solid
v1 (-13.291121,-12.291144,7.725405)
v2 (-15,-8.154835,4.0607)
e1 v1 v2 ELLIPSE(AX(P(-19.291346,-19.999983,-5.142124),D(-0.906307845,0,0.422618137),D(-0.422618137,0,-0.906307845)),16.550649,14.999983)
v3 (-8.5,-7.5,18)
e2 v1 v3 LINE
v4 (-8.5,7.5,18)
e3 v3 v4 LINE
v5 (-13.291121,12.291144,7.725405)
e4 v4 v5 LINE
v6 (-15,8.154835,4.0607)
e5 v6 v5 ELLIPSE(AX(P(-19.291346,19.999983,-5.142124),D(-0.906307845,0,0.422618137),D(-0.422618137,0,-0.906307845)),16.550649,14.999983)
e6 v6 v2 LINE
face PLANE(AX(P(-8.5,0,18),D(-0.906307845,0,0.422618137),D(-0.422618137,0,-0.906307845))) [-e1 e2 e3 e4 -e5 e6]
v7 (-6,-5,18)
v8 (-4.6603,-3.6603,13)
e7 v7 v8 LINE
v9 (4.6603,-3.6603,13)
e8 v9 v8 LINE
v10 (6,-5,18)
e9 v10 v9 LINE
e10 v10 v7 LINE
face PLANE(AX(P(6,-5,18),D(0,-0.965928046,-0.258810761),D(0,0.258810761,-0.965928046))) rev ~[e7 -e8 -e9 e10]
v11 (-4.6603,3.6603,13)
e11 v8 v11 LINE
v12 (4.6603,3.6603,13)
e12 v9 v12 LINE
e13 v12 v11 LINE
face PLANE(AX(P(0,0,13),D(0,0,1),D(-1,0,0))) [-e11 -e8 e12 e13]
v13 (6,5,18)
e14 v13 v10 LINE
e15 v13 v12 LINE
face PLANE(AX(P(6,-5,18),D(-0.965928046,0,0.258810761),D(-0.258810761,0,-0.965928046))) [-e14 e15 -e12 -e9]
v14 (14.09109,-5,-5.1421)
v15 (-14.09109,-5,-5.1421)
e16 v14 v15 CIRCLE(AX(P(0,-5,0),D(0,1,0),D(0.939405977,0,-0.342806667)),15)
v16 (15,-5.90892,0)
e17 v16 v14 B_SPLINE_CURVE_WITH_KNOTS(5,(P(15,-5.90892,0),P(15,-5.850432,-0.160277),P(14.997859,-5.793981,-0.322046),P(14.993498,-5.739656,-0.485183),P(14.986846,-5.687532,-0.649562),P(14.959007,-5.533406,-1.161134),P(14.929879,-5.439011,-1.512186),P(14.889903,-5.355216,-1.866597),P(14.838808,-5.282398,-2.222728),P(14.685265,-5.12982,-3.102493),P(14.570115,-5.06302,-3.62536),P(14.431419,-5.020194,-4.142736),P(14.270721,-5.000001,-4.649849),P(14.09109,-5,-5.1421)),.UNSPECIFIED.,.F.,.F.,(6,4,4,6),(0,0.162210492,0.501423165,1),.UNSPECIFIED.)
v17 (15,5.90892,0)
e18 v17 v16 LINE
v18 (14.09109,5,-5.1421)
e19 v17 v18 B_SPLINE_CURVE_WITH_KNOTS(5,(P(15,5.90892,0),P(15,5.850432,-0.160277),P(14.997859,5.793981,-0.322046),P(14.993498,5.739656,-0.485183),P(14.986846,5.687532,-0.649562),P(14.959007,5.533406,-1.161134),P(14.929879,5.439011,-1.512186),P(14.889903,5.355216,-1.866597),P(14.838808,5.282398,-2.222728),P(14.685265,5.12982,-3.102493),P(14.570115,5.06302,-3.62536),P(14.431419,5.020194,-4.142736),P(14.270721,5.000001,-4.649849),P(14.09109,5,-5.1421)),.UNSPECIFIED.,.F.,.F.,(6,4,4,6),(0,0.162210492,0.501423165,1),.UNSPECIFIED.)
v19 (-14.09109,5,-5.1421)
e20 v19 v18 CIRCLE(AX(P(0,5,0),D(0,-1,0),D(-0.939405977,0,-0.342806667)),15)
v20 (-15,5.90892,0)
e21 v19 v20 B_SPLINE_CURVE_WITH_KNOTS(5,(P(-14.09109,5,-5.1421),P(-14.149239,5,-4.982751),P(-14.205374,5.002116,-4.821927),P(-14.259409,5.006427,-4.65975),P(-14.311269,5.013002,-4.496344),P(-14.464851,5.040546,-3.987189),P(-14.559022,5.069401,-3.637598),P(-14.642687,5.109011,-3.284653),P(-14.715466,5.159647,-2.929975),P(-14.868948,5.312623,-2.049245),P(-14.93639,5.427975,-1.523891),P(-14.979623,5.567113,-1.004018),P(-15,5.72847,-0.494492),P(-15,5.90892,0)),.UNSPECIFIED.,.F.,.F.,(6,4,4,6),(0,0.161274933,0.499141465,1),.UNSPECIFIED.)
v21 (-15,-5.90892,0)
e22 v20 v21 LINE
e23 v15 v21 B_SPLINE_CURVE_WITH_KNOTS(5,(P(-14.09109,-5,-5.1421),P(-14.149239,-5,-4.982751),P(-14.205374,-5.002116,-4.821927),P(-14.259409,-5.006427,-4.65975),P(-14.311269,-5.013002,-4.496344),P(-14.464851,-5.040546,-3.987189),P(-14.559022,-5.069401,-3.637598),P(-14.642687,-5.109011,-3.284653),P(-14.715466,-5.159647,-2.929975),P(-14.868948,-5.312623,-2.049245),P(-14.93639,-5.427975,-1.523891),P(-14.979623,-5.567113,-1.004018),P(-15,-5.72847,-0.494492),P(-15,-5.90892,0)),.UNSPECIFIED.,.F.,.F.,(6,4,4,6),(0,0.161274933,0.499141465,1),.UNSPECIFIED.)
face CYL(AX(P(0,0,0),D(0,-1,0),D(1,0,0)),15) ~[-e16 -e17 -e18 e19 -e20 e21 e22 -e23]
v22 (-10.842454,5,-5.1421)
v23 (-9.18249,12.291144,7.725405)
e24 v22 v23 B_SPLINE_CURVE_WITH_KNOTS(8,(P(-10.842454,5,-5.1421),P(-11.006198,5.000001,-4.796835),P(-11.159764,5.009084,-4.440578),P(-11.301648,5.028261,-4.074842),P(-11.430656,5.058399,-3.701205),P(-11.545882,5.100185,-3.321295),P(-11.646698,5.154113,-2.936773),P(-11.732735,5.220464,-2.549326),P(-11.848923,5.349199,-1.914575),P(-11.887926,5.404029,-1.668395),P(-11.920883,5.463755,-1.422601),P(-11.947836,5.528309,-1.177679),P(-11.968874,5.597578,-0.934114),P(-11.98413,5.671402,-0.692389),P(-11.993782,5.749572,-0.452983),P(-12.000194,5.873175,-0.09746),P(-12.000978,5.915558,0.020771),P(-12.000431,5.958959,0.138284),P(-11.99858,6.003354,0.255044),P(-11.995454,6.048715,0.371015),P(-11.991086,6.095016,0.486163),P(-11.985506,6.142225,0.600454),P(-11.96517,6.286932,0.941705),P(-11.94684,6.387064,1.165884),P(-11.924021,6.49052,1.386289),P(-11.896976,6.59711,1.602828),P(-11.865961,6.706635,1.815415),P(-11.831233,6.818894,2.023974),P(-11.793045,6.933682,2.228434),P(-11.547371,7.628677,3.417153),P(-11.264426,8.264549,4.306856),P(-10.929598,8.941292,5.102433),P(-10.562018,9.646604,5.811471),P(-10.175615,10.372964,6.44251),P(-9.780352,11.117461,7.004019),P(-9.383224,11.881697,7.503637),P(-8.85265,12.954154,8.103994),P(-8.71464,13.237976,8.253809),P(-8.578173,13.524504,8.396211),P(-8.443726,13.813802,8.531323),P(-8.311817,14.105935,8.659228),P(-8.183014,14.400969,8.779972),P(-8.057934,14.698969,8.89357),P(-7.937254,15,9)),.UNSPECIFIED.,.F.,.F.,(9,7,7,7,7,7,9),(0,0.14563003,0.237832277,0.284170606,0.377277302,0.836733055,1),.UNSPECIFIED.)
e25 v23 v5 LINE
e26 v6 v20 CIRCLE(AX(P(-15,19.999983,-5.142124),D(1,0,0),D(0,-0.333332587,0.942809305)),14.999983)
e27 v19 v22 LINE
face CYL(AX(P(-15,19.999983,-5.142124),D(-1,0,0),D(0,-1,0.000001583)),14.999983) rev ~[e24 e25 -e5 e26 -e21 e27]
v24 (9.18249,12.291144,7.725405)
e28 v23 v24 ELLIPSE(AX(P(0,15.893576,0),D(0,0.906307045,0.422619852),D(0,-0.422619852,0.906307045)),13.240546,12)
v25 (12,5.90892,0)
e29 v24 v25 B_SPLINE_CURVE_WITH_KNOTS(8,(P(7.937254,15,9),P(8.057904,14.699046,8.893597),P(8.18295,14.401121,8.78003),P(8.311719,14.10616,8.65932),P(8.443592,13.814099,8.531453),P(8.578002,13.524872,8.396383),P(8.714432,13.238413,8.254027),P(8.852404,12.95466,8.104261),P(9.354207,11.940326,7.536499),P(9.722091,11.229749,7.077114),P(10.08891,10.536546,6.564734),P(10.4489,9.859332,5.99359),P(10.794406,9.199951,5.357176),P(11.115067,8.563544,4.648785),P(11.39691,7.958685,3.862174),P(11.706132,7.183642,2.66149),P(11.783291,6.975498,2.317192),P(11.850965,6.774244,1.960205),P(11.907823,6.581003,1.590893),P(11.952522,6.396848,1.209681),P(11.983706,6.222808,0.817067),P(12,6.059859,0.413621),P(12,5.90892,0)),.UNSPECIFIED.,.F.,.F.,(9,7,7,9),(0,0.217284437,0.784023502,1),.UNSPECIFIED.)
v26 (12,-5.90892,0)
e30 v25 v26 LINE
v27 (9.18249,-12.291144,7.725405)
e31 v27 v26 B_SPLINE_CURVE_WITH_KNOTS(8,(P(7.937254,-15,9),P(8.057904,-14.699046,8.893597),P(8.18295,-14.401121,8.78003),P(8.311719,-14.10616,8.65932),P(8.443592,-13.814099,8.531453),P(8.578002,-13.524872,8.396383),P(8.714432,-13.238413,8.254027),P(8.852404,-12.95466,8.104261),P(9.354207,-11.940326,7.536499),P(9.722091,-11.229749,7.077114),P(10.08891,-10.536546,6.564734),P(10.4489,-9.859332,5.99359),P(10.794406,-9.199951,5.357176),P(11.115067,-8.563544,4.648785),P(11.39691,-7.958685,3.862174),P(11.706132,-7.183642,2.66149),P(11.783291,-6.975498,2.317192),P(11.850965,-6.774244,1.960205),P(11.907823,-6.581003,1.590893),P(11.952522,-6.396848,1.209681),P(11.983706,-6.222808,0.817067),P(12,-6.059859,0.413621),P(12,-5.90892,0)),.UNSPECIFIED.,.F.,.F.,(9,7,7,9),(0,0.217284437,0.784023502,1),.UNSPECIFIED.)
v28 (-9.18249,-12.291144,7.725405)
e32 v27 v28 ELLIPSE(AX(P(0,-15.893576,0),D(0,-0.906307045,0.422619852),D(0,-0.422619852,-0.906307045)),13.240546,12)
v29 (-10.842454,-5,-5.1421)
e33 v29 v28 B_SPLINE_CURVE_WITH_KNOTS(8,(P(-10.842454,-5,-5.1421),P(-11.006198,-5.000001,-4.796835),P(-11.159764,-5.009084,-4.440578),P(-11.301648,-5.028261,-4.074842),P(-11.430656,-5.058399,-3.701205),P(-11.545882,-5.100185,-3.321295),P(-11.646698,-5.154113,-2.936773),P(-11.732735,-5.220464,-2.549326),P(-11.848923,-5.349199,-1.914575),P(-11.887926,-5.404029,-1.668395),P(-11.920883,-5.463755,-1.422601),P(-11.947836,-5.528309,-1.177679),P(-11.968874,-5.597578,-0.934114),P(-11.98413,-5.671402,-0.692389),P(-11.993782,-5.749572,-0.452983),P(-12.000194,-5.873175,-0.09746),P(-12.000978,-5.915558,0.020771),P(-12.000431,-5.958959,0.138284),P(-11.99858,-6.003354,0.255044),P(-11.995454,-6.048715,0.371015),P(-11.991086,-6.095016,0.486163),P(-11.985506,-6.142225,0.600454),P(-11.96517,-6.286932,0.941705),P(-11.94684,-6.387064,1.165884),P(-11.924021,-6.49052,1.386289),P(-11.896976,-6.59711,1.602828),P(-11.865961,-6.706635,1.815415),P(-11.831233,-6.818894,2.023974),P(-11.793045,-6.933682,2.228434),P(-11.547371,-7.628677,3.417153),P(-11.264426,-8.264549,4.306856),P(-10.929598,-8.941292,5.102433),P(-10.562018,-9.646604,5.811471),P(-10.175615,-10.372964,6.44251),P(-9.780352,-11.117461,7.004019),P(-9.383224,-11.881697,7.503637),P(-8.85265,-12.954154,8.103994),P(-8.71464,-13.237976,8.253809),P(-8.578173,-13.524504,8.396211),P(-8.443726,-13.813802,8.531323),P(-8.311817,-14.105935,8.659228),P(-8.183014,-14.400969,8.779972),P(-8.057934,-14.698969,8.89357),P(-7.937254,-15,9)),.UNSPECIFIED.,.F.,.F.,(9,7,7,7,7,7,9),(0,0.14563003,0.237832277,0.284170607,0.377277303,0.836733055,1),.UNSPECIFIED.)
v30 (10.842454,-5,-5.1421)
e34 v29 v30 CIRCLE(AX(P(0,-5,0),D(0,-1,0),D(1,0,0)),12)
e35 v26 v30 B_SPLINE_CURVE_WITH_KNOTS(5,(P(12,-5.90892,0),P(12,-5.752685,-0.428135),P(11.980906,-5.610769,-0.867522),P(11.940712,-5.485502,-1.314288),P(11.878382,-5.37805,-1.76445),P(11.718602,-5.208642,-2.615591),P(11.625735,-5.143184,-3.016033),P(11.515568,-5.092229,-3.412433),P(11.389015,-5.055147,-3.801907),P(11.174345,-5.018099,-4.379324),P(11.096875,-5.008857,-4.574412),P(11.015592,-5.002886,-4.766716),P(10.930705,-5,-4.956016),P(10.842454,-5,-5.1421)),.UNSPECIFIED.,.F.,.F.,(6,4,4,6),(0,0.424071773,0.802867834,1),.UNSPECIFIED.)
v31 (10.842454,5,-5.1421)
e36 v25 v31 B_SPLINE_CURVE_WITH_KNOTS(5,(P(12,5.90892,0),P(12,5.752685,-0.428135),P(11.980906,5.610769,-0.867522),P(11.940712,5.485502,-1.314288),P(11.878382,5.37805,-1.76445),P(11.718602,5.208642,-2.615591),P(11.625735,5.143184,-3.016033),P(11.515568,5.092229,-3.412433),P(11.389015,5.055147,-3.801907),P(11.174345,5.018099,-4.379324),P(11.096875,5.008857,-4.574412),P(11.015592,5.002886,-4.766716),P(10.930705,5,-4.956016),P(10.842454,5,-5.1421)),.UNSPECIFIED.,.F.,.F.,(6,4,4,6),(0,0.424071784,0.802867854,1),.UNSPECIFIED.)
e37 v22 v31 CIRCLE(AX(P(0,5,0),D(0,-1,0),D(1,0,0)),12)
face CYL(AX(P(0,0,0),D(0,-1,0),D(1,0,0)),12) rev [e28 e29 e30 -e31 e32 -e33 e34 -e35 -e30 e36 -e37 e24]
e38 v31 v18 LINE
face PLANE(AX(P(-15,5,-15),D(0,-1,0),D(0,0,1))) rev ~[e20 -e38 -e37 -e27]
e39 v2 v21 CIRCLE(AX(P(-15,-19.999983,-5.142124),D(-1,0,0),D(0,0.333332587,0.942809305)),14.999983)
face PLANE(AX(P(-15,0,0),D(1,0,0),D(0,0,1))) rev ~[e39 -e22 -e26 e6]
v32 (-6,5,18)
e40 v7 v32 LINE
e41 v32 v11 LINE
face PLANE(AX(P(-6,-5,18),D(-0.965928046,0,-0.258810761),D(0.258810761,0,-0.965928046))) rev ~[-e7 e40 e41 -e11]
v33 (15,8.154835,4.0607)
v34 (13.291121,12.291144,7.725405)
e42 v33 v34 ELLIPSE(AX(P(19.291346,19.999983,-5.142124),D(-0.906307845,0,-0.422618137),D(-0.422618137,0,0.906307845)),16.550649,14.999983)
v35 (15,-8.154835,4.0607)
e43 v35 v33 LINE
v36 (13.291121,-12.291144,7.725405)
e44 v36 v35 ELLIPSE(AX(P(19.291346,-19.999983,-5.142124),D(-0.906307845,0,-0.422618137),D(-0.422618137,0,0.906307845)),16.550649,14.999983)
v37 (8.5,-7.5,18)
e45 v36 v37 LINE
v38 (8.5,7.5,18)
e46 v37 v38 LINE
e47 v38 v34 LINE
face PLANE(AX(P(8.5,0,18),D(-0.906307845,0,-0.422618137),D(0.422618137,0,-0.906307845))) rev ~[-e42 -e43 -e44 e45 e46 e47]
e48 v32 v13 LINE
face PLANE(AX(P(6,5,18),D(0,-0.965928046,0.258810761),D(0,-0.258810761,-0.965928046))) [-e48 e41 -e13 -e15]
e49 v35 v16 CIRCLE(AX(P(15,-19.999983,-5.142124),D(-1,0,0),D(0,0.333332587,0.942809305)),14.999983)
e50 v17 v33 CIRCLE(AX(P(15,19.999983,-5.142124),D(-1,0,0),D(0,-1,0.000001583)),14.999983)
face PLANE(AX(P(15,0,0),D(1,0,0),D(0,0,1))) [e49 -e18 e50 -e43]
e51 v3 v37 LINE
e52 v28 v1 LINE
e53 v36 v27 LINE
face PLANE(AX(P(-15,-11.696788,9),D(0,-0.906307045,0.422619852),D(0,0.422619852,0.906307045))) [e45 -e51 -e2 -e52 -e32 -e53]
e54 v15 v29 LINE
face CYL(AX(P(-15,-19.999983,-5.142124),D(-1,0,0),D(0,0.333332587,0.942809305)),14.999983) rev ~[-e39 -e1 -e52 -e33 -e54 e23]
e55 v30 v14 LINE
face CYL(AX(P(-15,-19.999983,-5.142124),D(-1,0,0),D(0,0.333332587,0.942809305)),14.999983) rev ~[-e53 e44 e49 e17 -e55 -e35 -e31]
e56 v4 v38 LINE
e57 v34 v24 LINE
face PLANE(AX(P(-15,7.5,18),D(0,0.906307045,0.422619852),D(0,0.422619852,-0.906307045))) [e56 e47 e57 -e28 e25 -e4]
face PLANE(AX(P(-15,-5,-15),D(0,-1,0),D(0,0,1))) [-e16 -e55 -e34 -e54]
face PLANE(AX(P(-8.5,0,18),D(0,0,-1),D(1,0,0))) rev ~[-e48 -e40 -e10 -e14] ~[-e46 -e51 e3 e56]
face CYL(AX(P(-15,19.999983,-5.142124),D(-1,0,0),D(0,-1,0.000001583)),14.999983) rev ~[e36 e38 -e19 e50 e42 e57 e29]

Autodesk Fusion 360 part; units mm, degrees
sketch "草图1" plane through (0, 0, 0) normal (0, 1, 0) x (1, 0, 0)
  circle A0 centre (0, 0) radius 12
  line L0 (-8.5, -18) -> (8.5, -18)
  line L1 (8.5, -18) -> (15, -4.0607)
  line L2 (-8.5, -18) -> (-15, -4.0607)
  line L3 (0, -38) -> (0, 21) construction
  line L4 (-34, 0) -> (39, 0) construction
  line L5 (-15, 0) -> (-15, -4.0607)
  line L6 (15, 0) -> (15, -4.0607)
  arc A1 (15, 0) -> (-15, 0) centre (0, 0) ccw
  dimension "d1" = 30
  dimension "d2" = 24
  dimension "d3" = 18
  dimension "d4" = 65
  dimension "d5" = 17
extrude "拉伸1" add sketch "草图1" along normal mid plane 30 makes body 1
sketch "草图2" plane through (0, 0, 18) normal (0, 0, 1) x (-1, 0, 0)
  line L0 (-8.5, 15) -> (-8.5, -15)
  line L1 (-8.5, -15) -> (8.5, -15)
  line L2 (8.5, -15) -> (8.5, 15)
  line L3 (8.5, 15) -> (-8.5, 15)
  line L4 (-8.5, 7.5) -> (8.5, 7.5)
  line L5 (8.5, 7.5) -> (8.5, -7.5)
  line L6 (8.5, -7.5) -> (-8.5, -7.5)
  line L7 (-8.5, -7.5) -> (-8.5, 7.5)
  line L8 (-8.5, 7.5) -> (8.5, -7.5) construction
  line L9 (8.5, 7.5) -> (-8.5, -7.5) construction
  dimension "d8" = 15
sketch "草图3" plane through (-15, 0, 0) normal (-1, 0, 0) x (0, -1, 0)
  line L0 (15, 4.0607) -> (-15, 4.0607)
  line L1 (-15, 4.0607) -> (-15, 0)
  line L2 (-15, 0) -> (15, 0)
  line L3 (15, 0) -> (15, 4.0607)
  line L4 (-5, -15) -> (5, -15)
  line L5 (5, -15) -> (5, -5.1421)
  line L6 (-5, -15) -> (-5, -5.1421)
  line L7 (-15, 18) -> (15, 18)
  line L8 (15, 18) -> (15, -15)
  line L9 (15, -15) -> (-15, -15)
  line L10 (-15, -15) -> (-15, 18)
  arc A0 (-5, -5.1421) -> (-15, 9) centre (-20, -5.1421) ccw
  arc A1 (15, 9) -> (5, -5.1421) centre (20, -5.1421) ccw
  line L11 (0, 21) -> (0, -19) construction
  point P0 (15, 18)
  dimension "d9" = 9
  dimension "d10" = 10
  dimension "d11" = 15
extrude "拉伸2" cut sketch "草图3" against normal blind 48 contours L0 L2 L3 L8 A1 | L0 L8 A1 | L2 L5 L8 L9 A1 | L0 L1 L2 L10 A0 | L0 L10 A0 | L2 L6 L9 L10 A0 bodies 1
sketch "草图4" plane through (-15, 0, 0) normal (-1, 0, 0) x (0, -1, 0)
  arc A0 (-5.9089, 0) -> (-8.1548, 4.0607) centre (-20, -5.1421) ccw
  line L0 (-5.9089, 0) -> (5.9089, 0)
  arc A1 (8.1548, 4.0607) -> (5.9089, 0) centre (20, -5.1421) ccw
  line L1 (8.1548, 4.0607) -> (-8.1548, 4.0607)
  line L2 (-15, 18) -> (15, 18)
  line L3 (15, 18) -> (15, 9)
  line L4 (15, 9) -> (-15, 9)
  line L5 (-15, 9) -> (-15, 18)
  line L6 (0, 23) -> (0, -21) construction
  line L7 (-7.5, 18) -> (-17.1867, -2.7731)
  line L8 (-17.1867, -2.7731) -> (17.1867, -2.7731)
  line L9 (17.1867, -2.7731) -> (7.5, 18)
  line L10 (-7.5, 18) -> (7.5, 18)
  line L11 (-15, 18) -> (17.1867, 18)
  line L12 (17.1867, 18) -> (17.1867, -2.7731)
  line L13 (17.1867, -2.7731) -> (-15, -2.7731)
  line L14 (-15, -2.7731) -> (-15, 18)
  dimension "d14" = 15
  dimension "d15" = 65
  dimension "d16" = 65
extrude "拉伸3" cut sketch "草图4" against normal blind 39 contours L2 L4 L5 L7 L11 L14 | L4 L7 L14 | L2 L3 L4 L9 L11 | L3 L4 L9 L11 L12 bodies 1
sketch "草图5" plane through (0, 0, 18) normal (0, 0, 1) x (-1, 0, 0)
  line L0 (6, -5) -> (-6, -5)
  line L1 (-6, -5) -> (-6, 5)
  line L2 (-6, 5) -> (6, 5)
  line L3 (6, 5) -> (6, -5)
  line L4 (6, -5) -> (-6, 5) construction
  line L5 (-6, -5) -> (6, 5) construction
  dimension "d19" = 10
  dimension "d20" = 12
extrude "拉伸4" cut sketch "草图5" against normal blind 5 bodies 1
sketch "草图6" plane through (6, 0, 0) normal (-1, 0, 0) x (0, -1, 0)
  line L0 (5, 18) -> (-5, 18)
  line L1 (-5, 18) -> (-5, 13)
  line L2 (-5, 13) -> (5, 13)
  line L3 (5, 13) -> (5, 18)
  line L4 (-5, 18) -> (-5, 13)
  line L5 (5, 13) -> (5, 18)
  line L6 (-5, 18) -> (-3.6603, 13)
  line L7 (5, 18) -> (3.6603, 13)
  line L8 (5, 13) -> (3.6603, 13)
  line L9 (-3.6603, 13) -> (-5, 13)
  line L10 (0, 22) -> (0, 5.5125) construction
  dimension "d23" = 30
extrude "拉伸5" add sketch "草图6" along normal blind 12 separate body contours L2 L3 L5 L7 L8 | L1 L2 L4 L6 L9 makes body 2 at (2, 4.5534, 16.3333) makes body 3 at (-2, -4.1068, 14.6667)
sketch "草图7" plane through (0, -5, 0) normal (0, 1, 0) x (-1, 0, 0)
  line L0 (6, 18) -> (-6, 18)
  line L1 (-6, 18) -> (-6, 13)
  line L2 (-6, 13) -> (6, 13)
  line L3 (6, 13) -> (6, 18)
  line L4 (-6, 18) -> (-6, 13)
  line L5 (0, 24) -> (0, 4) construction
  line L6 (6, 18) -> (6, 13)
  line L7 (-6, 13) -> (6, 13)
  line L8 (6, 18) -> (4.6603, 13)
  line L9 (-6, 18) -> (-4.6603, 13)
  dimension "d26" = 30
extrude "拉伸6" add sketch "草图7" along normal blind 10 separate body contours L2 L3 L6 L7 L8 | L1 L2 L4 L7 L9 makes body 4 at (5.5534, -1.6667, 16.3333) makes body 5 at (-5.5534, -1.6667, 16.3333)
combine "合并1" operation add target body 1 tool bodies 2 3 5 4
